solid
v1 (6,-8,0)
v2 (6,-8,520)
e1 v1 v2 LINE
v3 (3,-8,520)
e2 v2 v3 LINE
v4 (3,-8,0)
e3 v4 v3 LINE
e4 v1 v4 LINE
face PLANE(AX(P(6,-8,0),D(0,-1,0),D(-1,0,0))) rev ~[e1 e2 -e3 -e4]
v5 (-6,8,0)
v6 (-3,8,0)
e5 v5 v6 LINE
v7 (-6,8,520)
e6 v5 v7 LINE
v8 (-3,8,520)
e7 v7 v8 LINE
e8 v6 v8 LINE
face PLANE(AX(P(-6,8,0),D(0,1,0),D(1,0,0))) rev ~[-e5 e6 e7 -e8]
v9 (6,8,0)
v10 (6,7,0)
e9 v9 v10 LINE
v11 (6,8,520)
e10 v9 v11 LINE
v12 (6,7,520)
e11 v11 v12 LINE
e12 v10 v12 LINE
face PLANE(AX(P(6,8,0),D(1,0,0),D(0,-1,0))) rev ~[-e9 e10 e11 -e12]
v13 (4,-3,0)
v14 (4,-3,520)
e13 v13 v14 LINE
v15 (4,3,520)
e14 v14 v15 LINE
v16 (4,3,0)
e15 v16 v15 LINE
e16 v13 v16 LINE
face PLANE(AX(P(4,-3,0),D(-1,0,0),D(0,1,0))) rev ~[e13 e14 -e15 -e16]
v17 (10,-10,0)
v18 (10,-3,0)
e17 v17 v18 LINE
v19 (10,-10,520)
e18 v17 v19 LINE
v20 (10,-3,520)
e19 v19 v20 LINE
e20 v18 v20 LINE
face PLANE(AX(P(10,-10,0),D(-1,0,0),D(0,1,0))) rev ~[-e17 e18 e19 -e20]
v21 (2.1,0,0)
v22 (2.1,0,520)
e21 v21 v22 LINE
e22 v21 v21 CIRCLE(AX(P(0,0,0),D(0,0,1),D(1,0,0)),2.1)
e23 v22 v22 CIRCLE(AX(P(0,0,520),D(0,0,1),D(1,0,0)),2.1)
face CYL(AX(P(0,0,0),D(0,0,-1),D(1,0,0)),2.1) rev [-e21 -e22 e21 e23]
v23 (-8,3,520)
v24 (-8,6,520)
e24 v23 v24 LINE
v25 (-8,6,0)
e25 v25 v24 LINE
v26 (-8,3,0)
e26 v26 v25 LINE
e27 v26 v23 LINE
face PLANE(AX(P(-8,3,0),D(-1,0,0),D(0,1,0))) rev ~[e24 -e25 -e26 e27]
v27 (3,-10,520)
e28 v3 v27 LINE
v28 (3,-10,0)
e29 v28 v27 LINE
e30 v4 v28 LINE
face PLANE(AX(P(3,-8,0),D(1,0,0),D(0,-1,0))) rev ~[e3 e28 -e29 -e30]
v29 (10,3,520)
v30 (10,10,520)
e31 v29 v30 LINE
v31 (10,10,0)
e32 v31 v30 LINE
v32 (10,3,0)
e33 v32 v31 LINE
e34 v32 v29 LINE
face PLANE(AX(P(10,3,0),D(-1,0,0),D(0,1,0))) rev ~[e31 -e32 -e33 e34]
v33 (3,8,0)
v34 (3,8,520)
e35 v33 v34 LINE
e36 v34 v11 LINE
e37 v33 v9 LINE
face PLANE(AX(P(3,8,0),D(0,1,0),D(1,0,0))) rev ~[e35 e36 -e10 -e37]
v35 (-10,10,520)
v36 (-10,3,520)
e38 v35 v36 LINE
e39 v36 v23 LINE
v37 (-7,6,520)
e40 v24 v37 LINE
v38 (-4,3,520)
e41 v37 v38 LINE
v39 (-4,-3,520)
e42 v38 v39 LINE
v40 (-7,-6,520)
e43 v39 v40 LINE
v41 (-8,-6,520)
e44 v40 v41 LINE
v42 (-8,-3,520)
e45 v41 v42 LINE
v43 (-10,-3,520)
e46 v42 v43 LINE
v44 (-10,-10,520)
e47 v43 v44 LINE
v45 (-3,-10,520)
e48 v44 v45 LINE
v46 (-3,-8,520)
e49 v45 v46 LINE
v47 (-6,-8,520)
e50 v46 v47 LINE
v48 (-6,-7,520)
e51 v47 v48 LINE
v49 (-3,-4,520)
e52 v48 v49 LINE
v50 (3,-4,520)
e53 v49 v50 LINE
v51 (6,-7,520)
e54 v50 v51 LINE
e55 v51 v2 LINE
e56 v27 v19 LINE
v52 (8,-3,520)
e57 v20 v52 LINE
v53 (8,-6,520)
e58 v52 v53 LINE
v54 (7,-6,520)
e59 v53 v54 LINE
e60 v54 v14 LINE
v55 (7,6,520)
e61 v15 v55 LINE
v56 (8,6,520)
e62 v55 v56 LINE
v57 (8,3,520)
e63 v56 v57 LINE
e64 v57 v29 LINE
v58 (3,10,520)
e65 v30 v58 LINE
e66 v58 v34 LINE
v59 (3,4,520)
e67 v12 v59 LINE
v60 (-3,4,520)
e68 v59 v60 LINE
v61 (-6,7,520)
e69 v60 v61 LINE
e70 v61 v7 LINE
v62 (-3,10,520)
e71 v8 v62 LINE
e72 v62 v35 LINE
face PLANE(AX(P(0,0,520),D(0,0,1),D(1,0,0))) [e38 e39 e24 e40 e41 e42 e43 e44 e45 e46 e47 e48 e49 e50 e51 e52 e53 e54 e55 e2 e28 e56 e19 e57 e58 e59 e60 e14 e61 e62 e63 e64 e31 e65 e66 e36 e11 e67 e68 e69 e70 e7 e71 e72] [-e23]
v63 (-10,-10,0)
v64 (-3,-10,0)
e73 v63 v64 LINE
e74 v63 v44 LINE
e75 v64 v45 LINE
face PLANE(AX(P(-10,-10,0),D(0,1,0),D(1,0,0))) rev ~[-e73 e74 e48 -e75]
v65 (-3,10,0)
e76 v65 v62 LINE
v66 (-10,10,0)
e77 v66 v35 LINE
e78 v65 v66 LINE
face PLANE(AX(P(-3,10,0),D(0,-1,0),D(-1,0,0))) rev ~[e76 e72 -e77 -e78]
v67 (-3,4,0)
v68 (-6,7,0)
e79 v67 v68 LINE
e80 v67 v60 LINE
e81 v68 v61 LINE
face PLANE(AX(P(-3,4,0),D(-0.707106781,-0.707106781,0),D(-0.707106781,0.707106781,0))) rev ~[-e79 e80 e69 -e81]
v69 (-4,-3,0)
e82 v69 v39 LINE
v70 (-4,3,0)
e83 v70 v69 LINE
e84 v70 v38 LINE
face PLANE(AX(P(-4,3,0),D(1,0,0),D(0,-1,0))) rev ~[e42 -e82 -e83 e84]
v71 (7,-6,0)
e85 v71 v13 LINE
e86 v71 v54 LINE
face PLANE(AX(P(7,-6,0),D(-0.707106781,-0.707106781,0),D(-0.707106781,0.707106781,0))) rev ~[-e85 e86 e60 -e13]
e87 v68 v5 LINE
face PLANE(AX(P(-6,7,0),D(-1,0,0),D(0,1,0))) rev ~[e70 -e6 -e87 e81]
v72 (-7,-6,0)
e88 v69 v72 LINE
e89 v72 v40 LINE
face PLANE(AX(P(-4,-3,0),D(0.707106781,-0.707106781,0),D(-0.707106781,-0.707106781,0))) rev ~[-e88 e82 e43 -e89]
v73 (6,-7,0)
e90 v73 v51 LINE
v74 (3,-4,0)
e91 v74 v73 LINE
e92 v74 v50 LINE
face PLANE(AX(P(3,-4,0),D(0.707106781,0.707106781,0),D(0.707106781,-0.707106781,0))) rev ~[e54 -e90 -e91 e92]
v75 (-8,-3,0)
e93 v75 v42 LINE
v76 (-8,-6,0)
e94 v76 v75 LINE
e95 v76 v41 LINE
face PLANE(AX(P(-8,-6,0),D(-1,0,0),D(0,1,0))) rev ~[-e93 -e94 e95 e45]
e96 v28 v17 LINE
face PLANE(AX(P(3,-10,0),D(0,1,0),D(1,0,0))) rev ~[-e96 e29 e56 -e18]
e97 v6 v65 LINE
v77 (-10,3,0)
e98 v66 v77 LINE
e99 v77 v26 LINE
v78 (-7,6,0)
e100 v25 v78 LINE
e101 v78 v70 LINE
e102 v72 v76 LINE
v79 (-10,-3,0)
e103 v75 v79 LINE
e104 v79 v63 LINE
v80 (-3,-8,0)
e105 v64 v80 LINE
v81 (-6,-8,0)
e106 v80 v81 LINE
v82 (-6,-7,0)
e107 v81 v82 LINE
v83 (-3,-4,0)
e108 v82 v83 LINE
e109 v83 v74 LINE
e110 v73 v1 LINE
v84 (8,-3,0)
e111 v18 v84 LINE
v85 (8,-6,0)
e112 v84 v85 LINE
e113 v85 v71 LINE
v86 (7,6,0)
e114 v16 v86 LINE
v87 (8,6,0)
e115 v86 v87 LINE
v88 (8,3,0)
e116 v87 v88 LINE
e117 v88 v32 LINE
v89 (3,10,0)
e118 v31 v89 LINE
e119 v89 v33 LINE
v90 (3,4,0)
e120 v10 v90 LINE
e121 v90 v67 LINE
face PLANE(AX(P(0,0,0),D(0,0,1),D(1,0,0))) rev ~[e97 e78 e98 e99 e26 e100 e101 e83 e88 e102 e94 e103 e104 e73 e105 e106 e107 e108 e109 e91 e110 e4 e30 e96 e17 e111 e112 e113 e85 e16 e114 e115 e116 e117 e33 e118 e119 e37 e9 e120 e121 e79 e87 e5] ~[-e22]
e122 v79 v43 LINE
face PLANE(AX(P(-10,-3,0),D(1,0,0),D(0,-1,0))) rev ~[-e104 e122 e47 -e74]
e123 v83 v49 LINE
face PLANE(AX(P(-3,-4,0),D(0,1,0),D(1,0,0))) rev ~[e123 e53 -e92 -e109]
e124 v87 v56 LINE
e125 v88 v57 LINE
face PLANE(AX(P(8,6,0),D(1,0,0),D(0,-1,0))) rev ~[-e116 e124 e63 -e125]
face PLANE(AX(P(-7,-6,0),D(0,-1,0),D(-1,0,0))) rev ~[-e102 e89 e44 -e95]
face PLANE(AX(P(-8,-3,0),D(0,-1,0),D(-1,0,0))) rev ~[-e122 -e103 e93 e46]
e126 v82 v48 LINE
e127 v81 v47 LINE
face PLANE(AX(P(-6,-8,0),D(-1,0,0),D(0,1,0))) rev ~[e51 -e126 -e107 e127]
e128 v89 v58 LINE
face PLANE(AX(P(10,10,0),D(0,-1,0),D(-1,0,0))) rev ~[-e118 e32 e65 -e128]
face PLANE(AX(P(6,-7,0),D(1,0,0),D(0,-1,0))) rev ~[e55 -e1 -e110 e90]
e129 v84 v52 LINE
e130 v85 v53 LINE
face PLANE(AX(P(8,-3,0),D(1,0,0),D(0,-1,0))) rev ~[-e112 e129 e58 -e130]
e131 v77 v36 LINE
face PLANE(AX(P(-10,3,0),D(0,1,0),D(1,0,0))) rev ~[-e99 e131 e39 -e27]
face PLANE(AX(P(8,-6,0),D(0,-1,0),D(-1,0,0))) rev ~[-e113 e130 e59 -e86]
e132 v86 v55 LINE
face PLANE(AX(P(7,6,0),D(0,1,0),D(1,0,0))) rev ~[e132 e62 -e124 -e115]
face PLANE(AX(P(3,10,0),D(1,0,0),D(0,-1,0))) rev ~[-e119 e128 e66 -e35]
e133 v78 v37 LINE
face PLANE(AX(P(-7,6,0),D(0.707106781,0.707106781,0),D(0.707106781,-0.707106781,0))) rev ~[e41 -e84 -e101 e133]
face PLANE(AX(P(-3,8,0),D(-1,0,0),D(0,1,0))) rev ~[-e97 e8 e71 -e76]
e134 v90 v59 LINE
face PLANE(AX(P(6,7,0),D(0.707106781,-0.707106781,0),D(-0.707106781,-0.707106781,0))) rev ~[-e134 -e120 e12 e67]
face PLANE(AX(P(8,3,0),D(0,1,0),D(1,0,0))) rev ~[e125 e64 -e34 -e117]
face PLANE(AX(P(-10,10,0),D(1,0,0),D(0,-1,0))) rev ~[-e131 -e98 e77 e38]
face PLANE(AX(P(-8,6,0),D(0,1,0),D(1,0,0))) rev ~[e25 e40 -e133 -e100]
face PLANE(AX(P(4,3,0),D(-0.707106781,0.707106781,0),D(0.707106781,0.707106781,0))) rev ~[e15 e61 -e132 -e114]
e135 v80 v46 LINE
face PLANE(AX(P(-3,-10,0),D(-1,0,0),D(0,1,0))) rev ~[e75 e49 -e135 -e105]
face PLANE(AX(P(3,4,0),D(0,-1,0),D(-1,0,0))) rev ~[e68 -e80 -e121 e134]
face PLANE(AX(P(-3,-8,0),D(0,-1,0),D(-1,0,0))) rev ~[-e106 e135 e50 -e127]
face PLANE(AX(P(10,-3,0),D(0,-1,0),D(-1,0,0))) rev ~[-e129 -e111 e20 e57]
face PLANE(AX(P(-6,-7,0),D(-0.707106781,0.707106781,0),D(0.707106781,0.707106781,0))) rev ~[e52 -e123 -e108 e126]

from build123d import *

# Parameters (mm, degrees)
SKETCH_2_R      = 2.1
EXTRUDE_1_DEPTH = 520


with BuildPart() as part:
    # ｽｹｯﾁ2 → ﾎﾞｽ - 押し出し1 (new body)
    with BuildSketch(Plane.XY):
        Polygon((3, 4), (-3, 4), (-6, 7), (-6, 8), (-3, 8), (-3, 10), (-10, 10), (-10, 3), (-8, 3), (-8, 6), (-7, 6), (-4, 3), (-4, -3), (-7, -6), (-8, -6), (-8, -3), (-10, -3), (-10, -10), (-3, -10), (-3, -8), (-6, -8), (-6, -7), (-3, -4), (3, -4), (6, -7), (6, -8), (3, -8), (3, -10), (10, -10), (10, -3), (8, -3), (8, -6), (7, -6), (4, -3), (4, 3), (7, 6), (8, 6), (8, 3), (10, 3), (10, 10), (3, 10), (3, 8), (6, 8), (6, 7), align=None)
        Circle(SKETCH_2_R, mode=Mode.SUBTRACT)
    extrude(amount=EXTRUDE_1_DEPTH)


solid = part.part
